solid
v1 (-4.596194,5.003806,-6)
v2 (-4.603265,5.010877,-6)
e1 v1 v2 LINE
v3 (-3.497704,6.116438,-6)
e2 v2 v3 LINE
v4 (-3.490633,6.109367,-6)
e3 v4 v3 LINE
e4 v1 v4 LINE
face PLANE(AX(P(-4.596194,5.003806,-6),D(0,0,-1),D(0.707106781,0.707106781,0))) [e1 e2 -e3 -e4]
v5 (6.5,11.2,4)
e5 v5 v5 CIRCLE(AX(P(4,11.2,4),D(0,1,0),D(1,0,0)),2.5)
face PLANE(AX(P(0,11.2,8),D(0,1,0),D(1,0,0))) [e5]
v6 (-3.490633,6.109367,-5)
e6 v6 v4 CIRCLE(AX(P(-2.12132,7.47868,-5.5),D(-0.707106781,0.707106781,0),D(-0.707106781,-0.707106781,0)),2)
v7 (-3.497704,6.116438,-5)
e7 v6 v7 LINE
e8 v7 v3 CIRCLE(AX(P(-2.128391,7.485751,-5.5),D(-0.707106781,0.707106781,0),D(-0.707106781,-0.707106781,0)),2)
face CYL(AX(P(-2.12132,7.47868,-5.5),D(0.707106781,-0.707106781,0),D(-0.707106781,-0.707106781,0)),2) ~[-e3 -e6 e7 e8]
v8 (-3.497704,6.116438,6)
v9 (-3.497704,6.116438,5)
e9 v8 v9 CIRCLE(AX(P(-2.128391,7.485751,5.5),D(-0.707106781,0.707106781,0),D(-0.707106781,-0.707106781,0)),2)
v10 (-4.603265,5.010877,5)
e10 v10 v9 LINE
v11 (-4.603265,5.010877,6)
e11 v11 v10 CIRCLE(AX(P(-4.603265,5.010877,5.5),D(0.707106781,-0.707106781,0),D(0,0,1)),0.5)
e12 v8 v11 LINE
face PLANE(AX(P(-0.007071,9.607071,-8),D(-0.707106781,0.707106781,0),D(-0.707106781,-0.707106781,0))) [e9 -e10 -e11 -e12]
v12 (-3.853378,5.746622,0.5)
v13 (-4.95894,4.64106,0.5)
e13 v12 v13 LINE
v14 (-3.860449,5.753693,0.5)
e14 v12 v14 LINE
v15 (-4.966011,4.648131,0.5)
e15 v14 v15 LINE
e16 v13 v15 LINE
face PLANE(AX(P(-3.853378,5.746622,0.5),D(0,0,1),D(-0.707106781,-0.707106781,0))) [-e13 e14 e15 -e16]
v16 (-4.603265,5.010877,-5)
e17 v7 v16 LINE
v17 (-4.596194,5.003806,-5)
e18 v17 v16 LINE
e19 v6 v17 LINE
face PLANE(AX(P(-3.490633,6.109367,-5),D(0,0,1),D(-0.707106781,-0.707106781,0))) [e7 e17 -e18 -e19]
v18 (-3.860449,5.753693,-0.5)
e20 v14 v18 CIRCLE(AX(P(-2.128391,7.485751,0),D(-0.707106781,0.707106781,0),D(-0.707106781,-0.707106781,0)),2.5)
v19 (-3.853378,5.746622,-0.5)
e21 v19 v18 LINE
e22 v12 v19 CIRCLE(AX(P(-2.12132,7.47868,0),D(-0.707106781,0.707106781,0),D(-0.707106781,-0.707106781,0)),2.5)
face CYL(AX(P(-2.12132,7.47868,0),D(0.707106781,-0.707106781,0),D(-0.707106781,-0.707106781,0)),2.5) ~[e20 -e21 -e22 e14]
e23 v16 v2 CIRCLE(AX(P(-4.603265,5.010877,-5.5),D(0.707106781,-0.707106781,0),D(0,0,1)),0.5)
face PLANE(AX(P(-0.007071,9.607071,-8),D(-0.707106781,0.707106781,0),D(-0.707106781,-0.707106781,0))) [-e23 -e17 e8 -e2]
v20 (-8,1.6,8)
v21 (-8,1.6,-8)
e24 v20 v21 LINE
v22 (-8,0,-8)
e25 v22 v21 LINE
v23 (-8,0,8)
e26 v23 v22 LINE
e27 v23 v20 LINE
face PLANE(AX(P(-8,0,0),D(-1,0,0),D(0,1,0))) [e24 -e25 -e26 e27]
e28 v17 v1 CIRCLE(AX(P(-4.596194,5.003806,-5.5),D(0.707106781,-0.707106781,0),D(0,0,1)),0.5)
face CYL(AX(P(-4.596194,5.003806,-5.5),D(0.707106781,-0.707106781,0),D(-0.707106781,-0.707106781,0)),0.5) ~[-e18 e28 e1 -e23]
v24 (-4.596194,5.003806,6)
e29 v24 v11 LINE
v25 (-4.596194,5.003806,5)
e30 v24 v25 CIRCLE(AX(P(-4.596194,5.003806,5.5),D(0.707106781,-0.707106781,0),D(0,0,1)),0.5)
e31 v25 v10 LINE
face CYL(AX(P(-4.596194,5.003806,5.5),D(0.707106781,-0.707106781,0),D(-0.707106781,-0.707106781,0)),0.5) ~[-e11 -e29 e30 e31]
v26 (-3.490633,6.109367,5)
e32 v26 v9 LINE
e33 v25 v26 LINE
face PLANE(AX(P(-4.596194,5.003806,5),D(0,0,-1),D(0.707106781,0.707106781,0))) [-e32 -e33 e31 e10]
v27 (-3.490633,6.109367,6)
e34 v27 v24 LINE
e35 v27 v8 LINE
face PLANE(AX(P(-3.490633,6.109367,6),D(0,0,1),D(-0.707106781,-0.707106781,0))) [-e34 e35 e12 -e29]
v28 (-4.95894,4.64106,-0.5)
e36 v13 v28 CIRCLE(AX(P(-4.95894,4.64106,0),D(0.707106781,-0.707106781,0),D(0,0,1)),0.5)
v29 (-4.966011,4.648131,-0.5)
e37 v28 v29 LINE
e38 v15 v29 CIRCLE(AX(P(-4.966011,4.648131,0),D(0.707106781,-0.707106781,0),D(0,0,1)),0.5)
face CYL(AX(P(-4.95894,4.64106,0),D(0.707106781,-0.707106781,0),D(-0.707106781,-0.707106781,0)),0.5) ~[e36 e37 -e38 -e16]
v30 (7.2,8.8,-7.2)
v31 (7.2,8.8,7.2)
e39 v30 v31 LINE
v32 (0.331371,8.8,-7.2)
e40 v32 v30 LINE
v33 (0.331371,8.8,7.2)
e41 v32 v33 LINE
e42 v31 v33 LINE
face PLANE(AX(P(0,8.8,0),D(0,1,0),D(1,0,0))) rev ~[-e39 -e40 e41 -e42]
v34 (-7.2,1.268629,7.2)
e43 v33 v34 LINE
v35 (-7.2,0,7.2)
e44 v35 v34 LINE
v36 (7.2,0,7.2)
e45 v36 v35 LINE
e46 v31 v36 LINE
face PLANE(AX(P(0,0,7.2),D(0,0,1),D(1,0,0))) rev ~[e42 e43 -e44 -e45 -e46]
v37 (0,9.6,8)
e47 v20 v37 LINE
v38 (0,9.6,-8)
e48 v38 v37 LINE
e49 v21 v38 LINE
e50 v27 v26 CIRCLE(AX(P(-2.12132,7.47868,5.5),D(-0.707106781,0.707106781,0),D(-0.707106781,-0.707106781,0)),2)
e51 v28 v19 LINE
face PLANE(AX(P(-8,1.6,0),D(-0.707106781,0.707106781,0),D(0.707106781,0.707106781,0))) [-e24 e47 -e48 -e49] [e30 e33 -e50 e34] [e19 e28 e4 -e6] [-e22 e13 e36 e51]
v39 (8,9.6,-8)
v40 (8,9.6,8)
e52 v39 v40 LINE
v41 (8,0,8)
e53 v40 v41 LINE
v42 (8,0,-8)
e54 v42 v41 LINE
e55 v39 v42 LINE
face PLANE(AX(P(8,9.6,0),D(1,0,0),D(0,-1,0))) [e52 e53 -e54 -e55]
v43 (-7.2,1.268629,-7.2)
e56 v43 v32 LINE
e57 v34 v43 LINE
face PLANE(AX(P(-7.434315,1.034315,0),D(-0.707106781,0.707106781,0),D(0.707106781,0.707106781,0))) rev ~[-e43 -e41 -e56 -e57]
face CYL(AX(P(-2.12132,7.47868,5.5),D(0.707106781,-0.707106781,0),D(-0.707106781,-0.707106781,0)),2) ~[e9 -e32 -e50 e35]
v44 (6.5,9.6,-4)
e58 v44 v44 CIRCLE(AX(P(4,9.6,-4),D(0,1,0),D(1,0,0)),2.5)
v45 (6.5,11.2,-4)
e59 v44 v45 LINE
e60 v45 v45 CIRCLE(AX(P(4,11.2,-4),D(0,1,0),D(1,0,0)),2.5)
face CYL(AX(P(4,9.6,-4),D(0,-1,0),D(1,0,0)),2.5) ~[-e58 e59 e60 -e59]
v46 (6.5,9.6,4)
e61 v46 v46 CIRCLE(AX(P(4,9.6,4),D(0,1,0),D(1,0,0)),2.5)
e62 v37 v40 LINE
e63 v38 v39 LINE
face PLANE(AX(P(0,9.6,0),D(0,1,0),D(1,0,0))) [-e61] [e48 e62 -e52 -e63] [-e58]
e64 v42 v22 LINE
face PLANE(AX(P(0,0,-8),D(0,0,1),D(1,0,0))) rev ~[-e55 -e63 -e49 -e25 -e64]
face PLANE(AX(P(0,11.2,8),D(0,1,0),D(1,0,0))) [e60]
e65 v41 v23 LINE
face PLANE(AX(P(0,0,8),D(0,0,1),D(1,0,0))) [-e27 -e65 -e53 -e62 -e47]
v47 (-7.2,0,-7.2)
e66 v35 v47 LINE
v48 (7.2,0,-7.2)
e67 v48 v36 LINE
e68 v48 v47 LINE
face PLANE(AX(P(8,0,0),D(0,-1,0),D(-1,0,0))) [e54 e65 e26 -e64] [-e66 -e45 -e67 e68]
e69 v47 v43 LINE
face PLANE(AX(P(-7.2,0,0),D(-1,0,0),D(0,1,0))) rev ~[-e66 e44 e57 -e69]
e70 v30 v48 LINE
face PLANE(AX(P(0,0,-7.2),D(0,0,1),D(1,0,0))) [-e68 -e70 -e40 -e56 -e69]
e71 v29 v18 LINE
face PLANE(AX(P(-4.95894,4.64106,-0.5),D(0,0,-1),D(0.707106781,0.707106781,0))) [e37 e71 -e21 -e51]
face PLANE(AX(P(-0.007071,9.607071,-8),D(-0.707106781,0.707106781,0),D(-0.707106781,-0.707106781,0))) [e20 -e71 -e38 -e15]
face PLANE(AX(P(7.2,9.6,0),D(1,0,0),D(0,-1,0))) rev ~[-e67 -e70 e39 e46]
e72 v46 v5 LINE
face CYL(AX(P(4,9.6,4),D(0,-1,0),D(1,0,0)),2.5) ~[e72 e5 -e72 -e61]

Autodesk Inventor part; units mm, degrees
ref_plane "YZ Plane" through (0, 0, 0) normal (1, 0, 0) x (0, 1, 0)
ref_plane "XZ Plane" through (0, 0, 0) normal (0, 1, 0) x (-1, 0, 0)
ref_plane "XY Plane" through (0, 0, 0) normal (0, 0, 1) x (1, 0, 0)
sketch "Sketch1" plane through (0, 0, 0) normal (0, 0, 1) x (1, 0, 0)
  line L0 (8, 0) -> (-8, 0)
  line L1 (-8, 0) -> (-8, 1.6)
  line L2 (-8, 1.6) -> (0, 9.6)
  line L3 (0, 9.6) -> (8, 9.6)
  line L4 (8, 9.6) -> (8, 0)
  point P0 (0, 0)
  point P1 (0, 0)
  dimension "d0" = 9.6
  dimension "d1" = 16
  dimension "d2" = 8
  dimension "d3" = 1.6
extrude "Extrusion1" add sketch "Sketch1" along normal mid plane 16
shell "Shell1" thickness 0.8 removed faces 1 at (-2.6667, 0, 2.6667)
sketch "Sketch2" plane through (0, 9.6, 8) normal (0, 1, 0) x (1, 0, 0)
  line L0 (4, 12) -> (4, 4) construction
  line L1 (-11.2, 8) -> (11.2, 8) construction
  line L2 (8, 0) -> (8, 16) construction
  circle A0 centre (4, 12) radius 2.5
  circle A1 centre (4, 4) radius 2.5
  point P0 (4, 8)
  dimension "d6" = 4
  dimension "d7" = 8
  dimension "d8" = 5
extrude "Extrusion2" add sketch "Sketch2" along normal blind 1.6
sketch "Sketch3" plane through (0, 9.6, -8) normal (-0.7071, 0.7071, 0) x (-0.7071, -0.7071, 0)
  line L0 (11.3137, 16) -> (0, 16) projected
  line L1 (0, 16) -> (0, 0) projected
  line L2 (0, 0) -> (11.3137, 0) projected
  circle A0 centre (3, 2.5) radius 2
  circle A1 centre (3, 8) radius 2.5
  circle A2 centre (3, 13.5) radius 2
  line L3 (4.9365, 14) -> (6.5, 14)
  line L4 (7, 13.5) -> (7, 13.5)
  line L5 (6.5, 13) -> (4.9365, 13)
  line L6 (4.9365, 13) -> (4.9365, 14)
  line L7 (5.4495, 8.5) -> (7.013, 8.5)
  line L8 (7.513, 8) -> (7.513, 8)
  line L9 (7.013, 7.5) -> (5.4495, 7.5)
  line L10 (5.4495, 7.5) -> (5.4495, 8.5)
  line L11 (4.9365, 3) -> (6.5, 3)
  line L12 (7, 2.5) -> (7, 2.5)
  line L13 (6.5, 2) -> (4.9365, 2)
  line L14 (4.9365, 2) -> (4.9365, 3)
  arc A3 (6.5, 2) -> (7, 2.5) centre (6.5, 2.5) ccw
  arc A4 (7, 2.5) -> (6.5, 3) centre (6.5, 2.5) ccw
  arc A5 (7.013, 7.5) -> (7.513, 8) centre (7.013, 8) ccw
  arc A6 (7.513, 8) -> (7.013, 8.5) centre (7.013, 8) ccw
  arc A7 (6.5, 13) -> (7, 13.5) centre (6.5, 13.5) ccw
  arc A8 (7, 13.5) -> (6.5, 14) centre (6.5, 13.5) ccw
  point P0 (6.7882, 8)
  dimension "d12" = 4
  dimension "d13" = 5
  dimension "d14" = 4
  dimension "d15" = 5.5
  dimension "d16" = 5.5
  dimension "d17" = 2.5
  dimension "d18" = 2.5
  dimension "d19" = 3
  dimension "d20" = 0.5
  dimension "d21" = 1
  dimension "d22" = 3.5
extrude "Extrusion3" add sketch "Sketch3" along normal blind 0.01
equation "\"d14\" = d12"
equation "\"d16\" = d15"
equation "\"d17\" = d18"
properties part number "3039pc4" material "Steel"
